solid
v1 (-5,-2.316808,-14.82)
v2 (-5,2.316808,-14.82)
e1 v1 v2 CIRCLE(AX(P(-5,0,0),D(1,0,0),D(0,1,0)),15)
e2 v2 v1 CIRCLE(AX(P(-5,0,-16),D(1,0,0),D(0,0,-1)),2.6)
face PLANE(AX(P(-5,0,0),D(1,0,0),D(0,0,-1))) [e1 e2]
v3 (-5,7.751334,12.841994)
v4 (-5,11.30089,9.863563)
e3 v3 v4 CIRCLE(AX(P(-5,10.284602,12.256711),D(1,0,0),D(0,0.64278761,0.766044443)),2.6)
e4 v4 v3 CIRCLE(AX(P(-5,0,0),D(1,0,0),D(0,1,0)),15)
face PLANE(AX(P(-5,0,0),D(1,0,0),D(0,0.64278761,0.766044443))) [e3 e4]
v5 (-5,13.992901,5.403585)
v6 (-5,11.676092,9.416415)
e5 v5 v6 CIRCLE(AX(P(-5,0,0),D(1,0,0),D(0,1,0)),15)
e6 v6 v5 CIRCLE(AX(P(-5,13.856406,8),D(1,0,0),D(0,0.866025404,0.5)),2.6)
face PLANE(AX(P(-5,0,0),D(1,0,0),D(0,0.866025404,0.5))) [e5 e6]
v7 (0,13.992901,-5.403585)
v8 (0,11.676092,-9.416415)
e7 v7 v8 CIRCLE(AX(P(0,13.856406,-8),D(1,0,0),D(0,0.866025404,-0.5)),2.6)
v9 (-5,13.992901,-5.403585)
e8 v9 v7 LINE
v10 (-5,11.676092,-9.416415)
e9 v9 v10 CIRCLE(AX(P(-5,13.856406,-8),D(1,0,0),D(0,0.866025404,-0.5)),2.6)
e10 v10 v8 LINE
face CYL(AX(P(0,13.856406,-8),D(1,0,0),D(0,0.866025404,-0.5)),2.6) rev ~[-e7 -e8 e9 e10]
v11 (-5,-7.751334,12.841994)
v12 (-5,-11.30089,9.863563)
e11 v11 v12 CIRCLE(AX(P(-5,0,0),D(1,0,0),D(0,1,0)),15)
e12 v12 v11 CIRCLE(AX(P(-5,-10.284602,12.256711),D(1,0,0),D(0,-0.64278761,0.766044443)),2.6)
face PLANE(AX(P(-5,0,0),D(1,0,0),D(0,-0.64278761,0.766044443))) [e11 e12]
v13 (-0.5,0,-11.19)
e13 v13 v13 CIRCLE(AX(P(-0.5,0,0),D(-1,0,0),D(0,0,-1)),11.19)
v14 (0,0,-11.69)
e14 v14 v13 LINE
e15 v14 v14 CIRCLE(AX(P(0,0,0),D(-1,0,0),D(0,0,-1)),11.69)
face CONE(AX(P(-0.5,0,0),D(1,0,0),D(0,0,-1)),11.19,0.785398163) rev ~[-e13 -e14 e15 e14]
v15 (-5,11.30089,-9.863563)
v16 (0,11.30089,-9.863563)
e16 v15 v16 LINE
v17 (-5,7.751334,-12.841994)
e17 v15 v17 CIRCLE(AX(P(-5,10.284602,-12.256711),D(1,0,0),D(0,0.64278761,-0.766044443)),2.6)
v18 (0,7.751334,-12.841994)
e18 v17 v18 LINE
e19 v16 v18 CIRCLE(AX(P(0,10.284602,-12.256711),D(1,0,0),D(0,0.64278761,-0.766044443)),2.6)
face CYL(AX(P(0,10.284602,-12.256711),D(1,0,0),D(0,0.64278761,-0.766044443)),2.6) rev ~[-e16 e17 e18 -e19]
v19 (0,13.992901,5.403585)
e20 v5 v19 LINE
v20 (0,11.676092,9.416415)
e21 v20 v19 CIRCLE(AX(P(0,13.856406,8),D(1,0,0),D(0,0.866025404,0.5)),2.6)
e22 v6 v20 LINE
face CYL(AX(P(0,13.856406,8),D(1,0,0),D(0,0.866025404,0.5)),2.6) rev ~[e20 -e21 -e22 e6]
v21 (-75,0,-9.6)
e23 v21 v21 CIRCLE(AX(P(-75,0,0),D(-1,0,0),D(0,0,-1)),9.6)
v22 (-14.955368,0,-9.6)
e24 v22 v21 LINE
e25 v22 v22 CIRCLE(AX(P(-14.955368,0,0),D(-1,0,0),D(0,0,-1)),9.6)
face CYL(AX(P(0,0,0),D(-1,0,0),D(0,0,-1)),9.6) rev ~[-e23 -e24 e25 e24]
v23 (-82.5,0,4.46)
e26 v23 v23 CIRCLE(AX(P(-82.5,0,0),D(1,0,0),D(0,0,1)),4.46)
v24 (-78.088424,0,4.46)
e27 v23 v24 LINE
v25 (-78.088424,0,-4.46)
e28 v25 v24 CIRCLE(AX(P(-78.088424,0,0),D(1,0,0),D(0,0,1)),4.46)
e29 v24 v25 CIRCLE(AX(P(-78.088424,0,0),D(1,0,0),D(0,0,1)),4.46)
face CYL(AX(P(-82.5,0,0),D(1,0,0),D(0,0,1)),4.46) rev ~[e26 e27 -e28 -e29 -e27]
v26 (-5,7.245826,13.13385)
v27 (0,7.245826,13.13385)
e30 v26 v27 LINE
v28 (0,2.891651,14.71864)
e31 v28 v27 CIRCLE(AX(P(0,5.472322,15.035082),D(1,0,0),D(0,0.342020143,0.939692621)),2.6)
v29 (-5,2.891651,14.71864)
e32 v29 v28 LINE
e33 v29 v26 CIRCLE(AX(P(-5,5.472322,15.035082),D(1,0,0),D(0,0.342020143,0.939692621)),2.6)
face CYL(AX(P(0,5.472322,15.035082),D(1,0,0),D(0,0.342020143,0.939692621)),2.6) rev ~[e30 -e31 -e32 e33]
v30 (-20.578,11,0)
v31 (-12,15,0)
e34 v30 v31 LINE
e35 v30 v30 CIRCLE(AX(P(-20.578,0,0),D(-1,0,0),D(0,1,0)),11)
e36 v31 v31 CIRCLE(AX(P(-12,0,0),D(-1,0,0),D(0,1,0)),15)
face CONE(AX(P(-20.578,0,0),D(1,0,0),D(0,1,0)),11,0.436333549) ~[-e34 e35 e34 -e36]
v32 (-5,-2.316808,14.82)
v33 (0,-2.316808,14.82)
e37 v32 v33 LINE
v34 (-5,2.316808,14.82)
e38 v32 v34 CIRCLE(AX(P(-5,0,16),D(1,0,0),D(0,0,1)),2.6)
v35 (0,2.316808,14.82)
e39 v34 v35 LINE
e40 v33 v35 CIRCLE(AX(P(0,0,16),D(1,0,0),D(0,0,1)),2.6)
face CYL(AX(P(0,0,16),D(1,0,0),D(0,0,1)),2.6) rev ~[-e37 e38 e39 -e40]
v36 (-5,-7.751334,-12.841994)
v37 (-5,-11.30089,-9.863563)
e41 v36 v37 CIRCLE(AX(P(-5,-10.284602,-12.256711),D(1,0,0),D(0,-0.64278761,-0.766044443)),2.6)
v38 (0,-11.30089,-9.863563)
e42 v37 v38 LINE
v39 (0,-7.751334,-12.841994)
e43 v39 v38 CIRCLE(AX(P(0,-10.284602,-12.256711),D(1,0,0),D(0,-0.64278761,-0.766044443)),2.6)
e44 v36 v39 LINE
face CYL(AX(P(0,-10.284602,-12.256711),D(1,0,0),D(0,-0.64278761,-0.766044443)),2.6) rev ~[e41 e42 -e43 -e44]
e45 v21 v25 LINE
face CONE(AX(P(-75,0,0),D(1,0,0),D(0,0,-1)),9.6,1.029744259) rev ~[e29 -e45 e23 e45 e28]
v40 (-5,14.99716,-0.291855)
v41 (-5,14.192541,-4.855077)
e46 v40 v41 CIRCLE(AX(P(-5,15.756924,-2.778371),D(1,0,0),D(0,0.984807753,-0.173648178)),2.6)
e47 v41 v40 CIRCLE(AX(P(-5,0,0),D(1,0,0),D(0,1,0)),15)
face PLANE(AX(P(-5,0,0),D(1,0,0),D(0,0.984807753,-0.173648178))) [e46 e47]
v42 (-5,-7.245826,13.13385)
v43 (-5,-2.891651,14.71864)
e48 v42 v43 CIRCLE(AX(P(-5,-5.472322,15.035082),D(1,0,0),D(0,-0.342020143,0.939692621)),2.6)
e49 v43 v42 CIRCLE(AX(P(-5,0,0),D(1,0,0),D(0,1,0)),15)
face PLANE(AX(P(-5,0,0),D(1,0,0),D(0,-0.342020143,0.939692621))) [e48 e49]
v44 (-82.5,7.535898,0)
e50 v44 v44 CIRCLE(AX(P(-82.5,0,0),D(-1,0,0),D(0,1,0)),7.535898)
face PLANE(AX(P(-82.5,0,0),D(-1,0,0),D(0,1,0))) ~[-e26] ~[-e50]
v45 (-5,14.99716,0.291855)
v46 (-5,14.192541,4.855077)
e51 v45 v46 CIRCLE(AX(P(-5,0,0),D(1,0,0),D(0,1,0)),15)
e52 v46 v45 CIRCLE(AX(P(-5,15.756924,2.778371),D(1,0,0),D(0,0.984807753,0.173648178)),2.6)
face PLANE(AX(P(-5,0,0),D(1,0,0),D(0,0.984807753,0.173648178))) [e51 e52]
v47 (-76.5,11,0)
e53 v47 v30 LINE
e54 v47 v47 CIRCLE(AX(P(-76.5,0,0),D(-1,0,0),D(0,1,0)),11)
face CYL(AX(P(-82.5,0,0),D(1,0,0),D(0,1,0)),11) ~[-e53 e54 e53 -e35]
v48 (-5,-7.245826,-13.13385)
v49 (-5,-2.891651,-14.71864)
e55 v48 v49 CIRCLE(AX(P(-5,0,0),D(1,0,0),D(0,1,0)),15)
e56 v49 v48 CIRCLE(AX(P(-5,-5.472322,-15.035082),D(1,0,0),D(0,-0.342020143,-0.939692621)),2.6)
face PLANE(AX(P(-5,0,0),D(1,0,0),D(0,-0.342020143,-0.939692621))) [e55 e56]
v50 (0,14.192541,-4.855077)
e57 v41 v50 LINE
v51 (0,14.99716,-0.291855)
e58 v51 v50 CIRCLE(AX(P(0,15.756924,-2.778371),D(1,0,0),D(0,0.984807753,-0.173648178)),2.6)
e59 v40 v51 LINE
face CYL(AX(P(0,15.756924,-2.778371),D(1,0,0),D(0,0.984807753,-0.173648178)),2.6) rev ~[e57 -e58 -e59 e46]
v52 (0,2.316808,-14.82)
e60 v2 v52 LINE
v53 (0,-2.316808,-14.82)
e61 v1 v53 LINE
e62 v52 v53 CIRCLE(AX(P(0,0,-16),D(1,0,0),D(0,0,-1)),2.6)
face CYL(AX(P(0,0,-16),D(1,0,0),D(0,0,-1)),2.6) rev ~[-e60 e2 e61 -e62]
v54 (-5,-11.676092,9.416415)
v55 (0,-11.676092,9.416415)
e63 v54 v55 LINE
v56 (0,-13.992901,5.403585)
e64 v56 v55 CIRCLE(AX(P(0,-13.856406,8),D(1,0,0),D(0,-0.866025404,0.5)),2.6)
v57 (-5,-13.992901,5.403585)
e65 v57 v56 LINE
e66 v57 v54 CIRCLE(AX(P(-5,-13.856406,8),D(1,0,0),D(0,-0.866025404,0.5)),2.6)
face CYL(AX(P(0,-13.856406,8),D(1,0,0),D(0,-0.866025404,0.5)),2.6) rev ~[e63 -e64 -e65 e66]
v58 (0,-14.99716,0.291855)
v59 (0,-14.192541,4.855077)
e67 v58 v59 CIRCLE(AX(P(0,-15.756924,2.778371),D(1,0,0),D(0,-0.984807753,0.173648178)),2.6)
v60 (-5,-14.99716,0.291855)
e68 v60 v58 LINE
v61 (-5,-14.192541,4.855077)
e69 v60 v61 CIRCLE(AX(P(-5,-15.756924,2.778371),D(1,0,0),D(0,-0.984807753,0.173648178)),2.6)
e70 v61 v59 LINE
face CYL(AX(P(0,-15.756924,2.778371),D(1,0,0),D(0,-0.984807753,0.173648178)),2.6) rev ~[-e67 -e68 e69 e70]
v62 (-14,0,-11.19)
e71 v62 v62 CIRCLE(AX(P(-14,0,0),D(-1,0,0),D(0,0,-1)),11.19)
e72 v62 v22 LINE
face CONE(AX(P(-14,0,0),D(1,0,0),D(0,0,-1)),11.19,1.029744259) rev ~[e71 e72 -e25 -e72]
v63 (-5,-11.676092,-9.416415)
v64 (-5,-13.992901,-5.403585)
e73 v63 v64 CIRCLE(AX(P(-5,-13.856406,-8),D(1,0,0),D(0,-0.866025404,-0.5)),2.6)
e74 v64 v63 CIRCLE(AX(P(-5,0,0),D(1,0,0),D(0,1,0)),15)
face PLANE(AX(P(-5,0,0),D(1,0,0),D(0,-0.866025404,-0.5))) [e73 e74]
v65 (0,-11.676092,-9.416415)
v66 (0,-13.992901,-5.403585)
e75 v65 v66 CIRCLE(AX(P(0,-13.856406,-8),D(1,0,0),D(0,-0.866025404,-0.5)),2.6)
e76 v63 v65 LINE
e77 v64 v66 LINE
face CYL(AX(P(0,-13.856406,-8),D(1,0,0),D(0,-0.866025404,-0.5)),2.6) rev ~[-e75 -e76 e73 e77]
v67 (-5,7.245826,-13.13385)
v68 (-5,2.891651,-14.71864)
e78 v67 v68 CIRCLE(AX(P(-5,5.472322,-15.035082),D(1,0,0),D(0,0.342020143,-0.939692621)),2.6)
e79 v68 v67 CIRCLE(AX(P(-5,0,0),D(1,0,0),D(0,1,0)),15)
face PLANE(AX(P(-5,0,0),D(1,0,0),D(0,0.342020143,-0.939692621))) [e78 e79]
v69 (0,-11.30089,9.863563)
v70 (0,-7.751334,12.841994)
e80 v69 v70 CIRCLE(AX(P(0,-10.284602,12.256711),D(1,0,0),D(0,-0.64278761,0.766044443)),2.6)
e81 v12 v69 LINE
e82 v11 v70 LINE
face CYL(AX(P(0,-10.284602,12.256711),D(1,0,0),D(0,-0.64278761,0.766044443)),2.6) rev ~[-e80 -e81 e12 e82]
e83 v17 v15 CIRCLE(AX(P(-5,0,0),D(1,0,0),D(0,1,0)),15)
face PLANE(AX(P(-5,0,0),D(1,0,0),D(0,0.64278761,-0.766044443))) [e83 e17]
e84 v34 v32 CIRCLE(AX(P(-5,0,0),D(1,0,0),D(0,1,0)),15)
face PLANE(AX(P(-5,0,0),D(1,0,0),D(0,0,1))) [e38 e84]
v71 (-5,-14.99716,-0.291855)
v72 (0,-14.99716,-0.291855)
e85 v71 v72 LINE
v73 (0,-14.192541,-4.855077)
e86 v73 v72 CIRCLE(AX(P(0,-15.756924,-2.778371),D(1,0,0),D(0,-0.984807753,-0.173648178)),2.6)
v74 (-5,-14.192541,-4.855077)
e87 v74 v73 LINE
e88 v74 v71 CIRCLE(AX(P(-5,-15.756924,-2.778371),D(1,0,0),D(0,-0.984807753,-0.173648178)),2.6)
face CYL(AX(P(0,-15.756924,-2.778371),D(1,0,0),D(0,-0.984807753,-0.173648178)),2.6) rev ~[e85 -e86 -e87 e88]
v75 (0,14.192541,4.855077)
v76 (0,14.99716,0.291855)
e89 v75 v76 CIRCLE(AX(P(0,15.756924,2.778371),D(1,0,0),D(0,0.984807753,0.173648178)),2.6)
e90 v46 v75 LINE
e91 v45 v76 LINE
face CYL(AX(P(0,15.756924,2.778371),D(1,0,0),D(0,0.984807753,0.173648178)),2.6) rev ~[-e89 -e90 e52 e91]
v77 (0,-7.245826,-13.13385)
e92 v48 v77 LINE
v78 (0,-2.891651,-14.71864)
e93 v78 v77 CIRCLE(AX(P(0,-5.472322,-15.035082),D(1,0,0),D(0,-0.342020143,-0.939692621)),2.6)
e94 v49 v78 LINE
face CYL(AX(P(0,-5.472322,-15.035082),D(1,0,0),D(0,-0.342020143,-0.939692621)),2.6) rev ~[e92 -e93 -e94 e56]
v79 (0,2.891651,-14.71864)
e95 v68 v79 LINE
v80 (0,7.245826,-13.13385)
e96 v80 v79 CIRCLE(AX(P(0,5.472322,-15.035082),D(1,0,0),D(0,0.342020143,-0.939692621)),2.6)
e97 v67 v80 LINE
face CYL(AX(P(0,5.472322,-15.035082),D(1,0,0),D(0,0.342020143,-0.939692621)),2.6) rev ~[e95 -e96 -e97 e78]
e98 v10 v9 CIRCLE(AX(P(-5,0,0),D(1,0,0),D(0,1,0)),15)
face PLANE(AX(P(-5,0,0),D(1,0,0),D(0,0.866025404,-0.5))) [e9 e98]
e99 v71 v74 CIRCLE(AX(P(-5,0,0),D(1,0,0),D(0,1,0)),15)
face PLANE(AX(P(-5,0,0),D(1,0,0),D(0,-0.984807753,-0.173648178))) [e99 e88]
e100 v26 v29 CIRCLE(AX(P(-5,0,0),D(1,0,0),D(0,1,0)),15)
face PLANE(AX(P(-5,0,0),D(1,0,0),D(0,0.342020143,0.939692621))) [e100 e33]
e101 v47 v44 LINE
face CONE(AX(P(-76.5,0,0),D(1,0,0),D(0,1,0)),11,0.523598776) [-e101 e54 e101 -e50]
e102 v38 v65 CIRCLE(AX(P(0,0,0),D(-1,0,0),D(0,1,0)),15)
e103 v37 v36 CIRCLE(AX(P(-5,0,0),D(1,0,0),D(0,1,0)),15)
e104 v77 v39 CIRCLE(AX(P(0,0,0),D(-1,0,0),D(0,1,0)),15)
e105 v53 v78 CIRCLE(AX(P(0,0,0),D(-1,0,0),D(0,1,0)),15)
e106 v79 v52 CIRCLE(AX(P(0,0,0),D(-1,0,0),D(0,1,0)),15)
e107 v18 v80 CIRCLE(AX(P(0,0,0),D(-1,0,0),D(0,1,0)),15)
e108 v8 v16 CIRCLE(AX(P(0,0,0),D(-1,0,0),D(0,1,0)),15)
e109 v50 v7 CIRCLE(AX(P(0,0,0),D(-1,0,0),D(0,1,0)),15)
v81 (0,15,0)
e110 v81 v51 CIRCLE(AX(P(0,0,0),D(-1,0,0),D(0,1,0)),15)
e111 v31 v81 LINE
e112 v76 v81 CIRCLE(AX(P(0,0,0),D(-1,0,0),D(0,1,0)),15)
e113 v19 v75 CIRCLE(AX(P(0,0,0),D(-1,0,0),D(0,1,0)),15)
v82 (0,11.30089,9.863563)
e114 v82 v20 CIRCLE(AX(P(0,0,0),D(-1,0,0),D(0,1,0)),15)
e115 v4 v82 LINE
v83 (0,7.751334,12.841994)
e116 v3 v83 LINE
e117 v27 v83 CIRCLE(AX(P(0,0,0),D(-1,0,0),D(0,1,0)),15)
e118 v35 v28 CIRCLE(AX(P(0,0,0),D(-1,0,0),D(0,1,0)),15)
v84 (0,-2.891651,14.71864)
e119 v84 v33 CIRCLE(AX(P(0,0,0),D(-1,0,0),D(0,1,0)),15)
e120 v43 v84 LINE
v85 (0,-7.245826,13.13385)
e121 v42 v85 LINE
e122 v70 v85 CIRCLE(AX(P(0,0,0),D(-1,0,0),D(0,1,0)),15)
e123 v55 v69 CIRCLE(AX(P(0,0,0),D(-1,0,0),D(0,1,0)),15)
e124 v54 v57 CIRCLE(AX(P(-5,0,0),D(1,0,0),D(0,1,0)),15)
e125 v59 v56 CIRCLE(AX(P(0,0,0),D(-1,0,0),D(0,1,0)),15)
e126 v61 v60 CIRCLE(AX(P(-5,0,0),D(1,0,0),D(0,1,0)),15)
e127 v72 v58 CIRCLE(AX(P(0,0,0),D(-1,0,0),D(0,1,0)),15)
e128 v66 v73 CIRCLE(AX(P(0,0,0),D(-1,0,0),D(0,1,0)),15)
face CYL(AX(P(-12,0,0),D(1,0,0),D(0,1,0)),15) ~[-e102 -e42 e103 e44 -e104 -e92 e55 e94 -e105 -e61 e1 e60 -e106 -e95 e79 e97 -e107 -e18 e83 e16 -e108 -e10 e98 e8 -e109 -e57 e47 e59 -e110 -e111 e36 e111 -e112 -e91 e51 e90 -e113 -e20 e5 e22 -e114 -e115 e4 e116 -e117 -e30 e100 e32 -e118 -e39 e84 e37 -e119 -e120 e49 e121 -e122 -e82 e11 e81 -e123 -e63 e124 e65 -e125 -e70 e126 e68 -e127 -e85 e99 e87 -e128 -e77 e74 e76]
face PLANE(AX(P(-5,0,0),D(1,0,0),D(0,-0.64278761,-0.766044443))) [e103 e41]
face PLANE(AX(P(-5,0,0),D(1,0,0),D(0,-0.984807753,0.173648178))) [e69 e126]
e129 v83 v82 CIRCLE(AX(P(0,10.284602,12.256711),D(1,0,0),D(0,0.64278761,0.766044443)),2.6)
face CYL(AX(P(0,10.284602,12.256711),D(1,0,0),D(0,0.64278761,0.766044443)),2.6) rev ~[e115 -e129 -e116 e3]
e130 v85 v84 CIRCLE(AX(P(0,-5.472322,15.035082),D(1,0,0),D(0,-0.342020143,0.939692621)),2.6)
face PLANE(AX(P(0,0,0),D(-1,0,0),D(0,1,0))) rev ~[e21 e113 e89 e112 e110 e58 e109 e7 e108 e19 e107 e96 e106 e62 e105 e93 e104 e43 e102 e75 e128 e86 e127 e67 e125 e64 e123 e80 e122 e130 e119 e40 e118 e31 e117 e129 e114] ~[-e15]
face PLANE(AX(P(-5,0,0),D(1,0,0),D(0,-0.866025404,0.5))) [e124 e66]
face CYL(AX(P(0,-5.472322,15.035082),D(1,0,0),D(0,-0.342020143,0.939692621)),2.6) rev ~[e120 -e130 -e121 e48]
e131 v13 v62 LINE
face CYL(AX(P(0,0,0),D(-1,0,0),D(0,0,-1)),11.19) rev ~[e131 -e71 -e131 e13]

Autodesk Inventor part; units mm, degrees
ref_plane "YZ Plane" through (0, 0, 0) normal (1, 0, 0) x (0, 1, 0)
ref_plane "XZ Plane" through (0, 0, 0) normal (0, 1, 0) x (-1, 0, 0)
ref_plane "XY Plane" through (0, 0, 0) normal (0, 0, 1) x (1, 0, 0)
sketch "Náčrt1" plane through (0, 0, 0) normal (0, 0, 1) x (1, 0, 0)
  line L0 (0, 0) -> (-82.5, 0)
  line L1 (-82.5, 0) -> (-82.5, 11)
  line L2 (-82.5, 11) -> (-20.578, 11)
  line L3 (-20.578, 11) -> (-12, 15)
  line L4 (-12, 15) -> (0, 15)
  line L5 (0, 15) -> (0, 0)
  dimension "d2" = 22
  dimension "d3" = 30
  dimension "d4" = 12
  dimension "d5" = 25
  dimension "d6" = 82.5
revolve "Rotace1" add sketch "Náčrt1" angle 360 about axis through (0, 0, 0) along (-1, 0, 0)
hole "Díra1" at (0, 0, 0) direction (-1, 0, 0) diameter 22.38 depth 14 tip angle 118
hole "Díra2" at (0, 0, 0) direction (-1, 0, 0) diameter 19.2 depth 75 tip angle 118
hole "Díra3" at (-82.5, 0, 0) direction (1, 0, 0) diameter 8.92 depth 12 tip angle 118
chamfer "Zkosení1" distance 6 angle 30 1 edges at (-82.5, -11, 0) measured on face at (-41.2187, 10.8576, 1.7645)
sketch "Náčrt2" plane through (0, 0, 0) normal (1, 0, 0) x (0, 0, -1)
  circle A0 centre (16, 0) radius 2.6
  point P0 (0, 0)
  dimension "d40" = 16
  dimension "d41" = 5.2
extrude "Vysunutí1" cut sketch "Náčrt2" against normal blind 5
pattern_circular "Kruhové pole1" count 18 over 360 about axis through (-6, 0, 0) along (1, 0, 0) of "Vysunutí1"
chamfer "Zkosení2" distance 0.5 angle 45 1 edges at (0, 0, 11.19)
properties part number "Head01" material "ETG 100"
